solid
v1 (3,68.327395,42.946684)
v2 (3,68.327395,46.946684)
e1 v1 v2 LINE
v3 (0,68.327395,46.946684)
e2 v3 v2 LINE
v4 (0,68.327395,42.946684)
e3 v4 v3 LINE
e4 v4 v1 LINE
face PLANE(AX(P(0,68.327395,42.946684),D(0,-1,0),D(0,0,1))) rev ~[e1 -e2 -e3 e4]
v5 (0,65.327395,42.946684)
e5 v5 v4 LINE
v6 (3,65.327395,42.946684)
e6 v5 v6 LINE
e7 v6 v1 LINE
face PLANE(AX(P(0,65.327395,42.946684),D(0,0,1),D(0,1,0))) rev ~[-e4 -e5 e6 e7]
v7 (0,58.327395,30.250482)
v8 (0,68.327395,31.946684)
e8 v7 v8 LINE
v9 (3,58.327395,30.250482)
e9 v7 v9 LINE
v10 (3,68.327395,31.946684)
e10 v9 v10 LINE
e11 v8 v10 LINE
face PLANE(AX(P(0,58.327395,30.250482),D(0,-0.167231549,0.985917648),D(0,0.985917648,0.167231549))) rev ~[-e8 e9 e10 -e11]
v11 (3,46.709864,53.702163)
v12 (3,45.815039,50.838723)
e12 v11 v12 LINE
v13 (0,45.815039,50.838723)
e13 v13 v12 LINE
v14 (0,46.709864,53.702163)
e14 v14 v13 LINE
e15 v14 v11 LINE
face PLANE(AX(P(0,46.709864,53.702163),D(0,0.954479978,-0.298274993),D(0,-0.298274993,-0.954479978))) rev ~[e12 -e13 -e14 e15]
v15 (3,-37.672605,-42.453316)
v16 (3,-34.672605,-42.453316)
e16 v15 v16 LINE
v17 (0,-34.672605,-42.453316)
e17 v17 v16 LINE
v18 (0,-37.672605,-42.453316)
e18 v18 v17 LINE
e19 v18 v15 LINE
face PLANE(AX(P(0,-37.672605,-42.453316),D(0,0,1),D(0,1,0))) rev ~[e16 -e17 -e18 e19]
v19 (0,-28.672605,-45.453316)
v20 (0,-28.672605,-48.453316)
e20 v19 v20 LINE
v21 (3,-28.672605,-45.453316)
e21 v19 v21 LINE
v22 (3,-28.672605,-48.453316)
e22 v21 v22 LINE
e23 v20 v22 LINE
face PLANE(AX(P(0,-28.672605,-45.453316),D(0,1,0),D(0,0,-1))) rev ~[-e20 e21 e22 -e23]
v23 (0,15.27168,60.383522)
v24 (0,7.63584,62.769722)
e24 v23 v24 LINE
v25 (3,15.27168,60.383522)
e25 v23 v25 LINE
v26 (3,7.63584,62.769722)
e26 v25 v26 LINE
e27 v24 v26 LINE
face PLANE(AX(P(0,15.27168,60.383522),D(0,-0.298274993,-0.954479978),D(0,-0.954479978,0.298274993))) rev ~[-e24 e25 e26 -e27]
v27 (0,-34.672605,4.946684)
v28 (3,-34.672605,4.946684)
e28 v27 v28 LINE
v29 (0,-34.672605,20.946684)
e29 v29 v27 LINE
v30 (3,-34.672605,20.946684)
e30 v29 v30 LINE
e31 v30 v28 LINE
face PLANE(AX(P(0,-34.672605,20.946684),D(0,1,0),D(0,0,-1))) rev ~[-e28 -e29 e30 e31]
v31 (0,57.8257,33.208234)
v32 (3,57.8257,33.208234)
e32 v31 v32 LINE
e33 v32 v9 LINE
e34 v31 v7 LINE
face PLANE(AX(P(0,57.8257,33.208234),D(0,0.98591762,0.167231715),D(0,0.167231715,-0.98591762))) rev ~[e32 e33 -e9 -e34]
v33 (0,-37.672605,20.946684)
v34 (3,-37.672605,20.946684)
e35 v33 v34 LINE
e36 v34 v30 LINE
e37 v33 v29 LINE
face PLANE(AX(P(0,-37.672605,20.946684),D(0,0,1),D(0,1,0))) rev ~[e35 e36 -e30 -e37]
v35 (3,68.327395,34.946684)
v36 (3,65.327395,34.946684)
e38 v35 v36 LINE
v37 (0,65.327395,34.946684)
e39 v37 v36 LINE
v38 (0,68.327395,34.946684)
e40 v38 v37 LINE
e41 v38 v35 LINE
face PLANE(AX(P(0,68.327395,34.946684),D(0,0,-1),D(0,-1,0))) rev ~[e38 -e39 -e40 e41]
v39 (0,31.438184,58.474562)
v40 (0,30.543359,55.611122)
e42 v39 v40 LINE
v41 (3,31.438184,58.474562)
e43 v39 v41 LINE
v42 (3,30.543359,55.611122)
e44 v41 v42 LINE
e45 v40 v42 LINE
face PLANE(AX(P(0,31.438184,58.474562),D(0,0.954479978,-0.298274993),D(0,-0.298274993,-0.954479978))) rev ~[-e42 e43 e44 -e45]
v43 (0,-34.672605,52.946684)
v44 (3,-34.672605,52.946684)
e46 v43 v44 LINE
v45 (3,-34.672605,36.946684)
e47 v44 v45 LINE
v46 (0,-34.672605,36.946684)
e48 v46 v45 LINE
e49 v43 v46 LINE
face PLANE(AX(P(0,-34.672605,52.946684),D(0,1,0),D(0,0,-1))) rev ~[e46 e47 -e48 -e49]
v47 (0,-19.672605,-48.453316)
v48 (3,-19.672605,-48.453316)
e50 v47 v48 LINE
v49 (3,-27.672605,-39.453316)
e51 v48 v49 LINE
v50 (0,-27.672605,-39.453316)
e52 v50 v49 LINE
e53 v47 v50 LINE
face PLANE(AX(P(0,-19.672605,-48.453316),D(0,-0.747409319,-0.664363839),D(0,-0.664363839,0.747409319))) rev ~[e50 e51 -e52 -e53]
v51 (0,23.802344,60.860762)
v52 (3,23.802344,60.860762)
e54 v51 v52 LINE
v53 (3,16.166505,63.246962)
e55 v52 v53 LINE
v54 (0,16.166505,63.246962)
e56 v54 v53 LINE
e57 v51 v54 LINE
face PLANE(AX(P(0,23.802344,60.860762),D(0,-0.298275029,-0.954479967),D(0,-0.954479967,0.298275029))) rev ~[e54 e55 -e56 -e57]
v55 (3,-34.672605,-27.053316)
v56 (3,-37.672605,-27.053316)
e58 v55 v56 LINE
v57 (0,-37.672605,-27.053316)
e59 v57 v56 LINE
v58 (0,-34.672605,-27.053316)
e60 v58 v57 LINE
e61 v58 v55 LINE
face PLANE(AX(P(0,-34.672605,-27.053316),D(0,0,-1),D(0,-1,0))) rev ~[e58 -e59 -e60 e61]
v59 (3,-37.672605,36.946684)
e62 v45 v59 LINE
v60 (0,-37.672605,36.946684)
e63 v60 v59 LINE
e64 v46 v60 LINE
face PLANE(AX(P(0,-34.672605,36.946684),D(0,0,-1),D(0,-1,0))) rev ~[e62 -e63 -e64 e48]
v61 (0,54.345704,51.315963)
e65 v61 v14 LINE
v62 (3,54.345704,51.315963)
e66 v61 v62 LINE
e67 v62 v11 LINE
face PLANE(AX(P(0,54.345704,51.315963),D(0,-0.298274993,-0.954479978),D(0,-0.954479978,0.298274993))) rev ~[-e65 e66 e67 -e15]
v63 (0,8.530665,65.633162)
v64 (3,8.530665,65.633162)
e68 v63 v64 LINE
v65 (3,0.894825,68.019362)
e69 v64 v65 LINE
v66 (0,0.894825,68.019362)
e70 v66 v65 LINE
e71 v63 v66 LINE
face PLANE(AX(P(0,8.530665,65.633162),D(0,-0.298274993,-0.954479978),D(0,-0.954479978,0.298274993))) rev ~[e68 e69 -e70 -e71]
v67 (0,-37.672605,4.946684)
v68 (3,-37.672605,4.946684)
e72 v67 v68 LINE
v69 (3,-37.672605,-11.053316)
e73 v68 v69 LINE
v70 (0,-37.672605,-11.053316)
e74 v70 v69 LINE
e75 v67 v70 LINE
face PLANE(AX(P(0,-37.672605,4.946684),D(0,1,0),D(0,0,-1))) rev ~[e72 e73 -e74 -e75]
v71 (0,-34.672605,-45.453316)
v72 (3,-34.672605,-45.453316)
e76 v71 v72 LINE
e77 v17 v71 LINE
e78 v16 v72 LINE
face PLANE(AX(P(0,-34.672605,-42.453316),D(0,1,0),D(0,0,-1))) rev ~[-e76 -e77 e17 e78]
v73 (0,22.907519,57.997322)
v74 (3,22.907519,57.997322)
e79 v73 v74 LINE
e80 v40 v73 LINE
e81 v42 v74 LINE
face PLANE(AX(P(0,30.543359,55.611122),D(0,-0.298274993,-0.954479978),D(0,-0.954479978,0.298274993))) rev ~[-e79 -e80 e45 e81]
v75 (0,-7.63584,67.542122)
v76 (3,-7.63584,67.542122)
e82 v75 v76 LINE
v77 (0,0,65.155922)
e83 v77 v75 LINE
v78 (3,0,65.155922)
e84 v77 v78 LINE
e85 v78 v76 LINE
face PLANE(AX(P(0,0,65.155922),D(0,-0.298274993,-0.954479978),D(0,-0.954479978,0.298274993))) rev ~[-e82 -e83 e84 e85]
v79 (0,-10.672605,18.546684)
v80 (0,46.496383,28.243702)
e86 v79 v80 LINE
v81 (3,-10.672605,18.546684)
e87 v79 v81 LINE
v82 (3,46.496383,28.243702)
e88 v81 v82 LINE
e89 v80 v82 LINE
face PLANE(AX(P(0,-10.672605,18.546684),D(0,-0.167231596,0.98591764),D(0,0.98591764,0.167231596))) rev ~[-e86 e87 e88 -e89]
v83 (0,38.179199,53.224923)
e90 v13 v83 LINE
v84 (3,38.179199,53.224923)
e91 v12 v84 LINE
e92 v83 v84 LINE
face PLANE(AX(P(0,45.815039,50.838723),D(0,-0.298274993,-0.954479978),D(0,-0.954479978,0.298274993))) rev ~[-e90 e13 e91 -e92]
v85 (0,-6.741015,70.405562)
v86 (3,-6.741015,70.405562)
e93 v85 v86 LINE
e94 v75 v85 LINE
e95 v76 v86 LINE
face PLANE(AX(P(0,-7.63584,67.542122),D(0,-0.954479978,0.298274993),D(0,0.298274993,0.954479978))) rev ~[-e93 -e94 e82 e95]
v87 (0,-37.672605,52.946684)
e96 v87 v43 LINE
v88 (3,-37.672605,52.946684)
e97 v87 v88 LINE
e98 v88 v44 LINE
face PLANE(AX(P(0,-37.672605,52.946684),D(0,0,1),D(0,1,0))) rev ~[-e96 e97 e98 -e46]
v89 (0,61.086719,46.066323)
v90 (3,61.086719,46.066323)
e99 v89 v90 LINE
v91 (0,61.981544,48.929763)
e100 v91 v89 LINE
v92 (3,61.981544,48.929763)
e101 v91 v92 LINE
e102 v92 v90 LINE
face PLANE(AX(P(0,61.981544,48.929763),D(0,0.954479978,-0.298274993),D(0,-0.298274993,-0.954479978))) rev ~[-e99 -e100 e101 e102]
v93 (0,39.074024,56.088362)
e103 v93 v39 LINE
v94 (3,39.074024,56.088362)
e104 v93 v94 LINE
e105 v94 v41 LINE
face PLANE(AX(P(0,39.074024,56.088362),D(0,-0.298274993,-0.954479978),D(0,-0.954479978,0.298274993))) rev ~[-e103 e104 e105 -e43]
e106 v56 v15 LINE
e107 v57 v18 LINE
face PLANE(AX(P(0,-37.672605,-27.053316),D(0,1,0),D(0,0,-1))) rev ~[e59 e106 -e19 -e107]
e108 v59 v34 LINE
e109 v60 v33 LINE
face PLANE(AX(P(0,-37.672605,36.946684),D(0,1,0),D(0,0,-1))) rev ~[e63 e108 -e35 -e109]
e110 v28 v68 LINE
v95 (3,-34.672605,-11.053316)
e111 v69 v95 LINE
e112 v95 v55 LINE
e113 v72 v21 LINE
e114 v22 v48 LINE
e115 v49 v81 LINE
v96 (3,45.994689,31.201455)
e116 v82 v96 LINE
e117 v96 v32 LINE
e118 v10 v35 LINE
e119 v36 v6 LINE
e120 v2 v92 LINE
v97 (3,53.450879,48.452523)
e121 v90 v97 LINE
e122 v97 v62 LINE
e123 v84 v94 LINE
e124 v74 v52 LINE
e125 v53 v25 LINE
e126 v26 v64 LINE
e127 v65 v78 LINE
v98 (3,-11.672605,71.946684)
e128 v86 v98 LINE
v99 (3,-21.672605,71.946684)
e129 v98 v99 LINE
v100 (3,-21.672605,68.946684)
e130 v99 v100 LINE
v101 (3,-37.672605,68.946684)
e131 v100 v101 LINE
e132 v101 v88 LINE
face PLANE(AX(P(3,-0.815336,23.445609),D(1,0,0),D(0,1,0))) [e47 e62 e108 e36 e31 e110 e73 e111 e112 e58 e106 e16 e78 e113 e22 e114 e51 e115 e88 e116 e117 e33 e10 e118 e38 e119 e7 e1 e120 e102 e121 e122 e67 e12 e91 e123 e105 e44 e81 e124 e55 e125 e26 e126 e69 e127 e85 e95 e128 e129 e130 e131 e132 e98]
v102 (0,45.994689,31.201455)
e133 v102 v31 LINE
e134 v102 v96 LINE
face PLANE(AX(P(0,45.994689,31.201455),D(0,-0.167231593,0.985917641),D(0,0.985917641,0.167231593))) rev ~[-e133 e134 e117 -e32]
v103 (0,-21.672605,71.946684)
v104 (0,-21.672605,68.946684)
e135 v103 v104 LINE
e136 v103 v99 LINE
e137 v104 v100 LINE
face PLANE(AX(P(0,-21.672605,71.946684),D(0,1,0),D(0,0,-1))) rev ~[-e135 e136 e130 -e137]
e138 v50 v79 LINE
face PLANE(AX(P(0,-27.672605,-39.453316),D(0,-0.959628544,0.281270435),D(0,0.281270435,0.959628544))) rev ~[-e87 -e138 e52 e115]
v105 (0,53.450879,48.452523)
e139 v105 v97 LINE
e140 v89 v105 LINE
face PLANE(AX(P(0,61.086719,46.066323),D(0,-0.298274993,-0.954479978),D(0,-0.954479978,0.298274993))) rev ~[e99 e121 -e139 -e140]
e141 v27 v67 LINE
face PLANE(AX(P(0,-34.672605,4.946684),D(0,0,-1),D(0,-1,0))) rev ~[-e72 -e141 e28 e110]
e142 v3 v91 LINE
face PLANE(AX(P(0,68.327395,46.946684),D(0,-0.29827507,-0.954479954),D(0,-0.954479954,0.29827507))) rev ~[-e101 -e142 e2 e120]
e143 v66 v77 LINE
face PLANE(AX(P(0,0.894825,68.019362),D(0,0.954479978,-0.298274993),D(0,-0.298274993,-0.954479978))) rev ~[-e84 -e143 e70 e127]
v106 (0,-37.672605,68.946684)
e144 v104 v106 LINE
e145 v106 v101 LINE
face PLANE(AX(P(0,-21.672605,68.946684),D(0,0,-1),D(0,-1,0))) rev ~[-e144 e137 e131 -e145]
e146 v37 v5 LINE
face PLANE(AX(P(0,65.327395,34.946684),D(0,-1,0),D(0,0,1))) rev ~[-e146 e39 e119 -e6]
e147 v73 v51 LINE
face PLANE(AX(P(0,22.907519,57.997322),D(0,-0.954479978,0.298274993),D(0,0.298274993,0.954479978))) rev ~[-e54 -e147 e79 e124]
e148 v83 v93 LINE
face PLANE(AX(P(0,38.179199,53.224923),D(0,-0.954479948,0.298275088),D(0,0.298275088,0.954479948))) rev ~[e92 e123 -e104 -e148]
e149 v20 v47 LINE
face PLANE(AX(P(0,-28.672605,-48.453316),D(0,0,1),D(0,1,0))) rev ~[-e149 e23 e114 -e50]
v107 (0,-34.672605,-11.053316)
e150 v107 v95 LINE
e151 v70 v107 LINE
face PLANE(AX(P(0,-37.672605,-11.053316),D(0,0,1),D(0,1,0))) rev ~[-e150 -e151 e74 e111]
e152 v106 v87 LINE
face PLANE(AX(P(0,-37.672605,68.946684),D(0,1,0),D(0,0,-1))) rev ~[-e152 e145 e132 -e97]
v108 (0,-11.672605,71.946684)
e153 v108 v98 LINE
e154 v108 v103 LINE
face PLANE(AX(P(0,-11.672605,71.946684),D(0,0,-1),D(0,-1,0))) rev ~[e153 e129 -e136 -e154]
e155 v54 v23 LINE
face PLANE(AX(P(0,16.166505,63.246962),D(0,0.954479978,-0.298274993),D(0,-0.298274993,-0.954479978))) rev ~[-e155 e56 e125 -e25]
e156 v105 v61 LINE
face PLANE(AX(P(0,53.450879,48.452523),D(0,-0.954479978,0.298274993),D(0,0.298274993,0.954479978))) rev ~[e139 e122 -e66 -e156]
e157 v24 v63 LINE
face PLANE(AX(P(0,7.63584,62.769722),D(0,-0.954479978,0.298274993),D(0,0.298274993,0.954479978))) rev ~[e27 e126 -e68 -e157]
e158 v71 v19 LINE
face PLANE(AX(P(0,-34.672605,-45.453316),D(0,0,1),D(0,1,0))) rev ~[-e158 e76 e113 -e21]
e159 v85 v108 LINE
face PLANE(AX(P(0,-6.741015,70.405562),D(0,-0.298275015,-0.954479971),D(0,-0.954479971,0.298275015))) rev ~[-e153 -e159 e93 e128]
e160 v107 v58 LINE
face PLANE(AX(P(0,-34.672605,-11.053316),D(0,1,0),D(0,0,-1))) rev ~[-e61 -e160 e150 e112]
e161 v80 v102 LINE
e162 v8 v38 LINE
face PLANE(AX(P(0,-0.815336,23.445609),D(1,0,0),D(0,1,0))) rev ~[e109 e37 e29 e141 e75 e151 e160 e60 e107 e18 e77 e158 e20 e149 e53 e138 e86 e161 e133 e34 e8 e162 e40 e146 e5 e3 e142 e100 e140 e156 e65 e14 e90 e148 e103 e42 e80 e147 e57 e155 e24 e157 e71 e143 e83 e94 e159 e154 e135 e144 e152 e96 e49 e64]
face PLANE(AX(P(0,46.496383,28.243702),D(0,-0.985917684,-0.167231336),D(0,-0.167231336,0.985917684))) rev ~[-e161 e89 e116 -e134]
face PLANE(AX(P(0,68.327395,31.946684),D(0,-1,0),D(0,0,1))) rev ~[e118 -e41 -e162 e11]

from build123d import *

# Parameters (mm, degrees)
F1_DEPTH = 3


with BuildPart() as f1:
    # F0 (on Right) → F1 (new body)
    with BuildSketch(Plane.YZ):
        Polygon((-28.672605, -45.453316), (-28.672605, -48.453316), (-19.672605, -48.453316), (-27.672605, -39.453316), (-10.672605, 18.546684), (46.496383, 28.243702), (45.994689, 31.201455), (57.8257, 33.208234), (58.327395, 30.250482), (68.327395, 31.946684), (68.327395, 34.946684), (65.327395, 34.946684), (65.327395, 42.946684), (68.327395, 42.946684), (68.327395, 46.946684), (61.981544, 48.929763), (61.086719, 46.066323), (53.450879, 48.452523), (54.345704, 51.315963), (46.709864, 53.702163), (45.815039, 50.838723), (38.179199, 53.224923), (39.074024, 56.088362), (31.438184, 58.474562), (30.543359, 55.611122), (22.907519, 57.997322), (23.802344, 60.860762), (16.166505, 63.246962), (15.27168, 60.383522), (7.63584, 62.769722), (8.530665, 65.633162), (0.894825, 68.019362), (0, 65.155922), (-7.63584, 67.542122), (-6.741015, 70.405562), (-11.672605, 71.946684), (-21.672605, 71.946684), (-21.672605, 68.946684), (-37.672605, 68.946684), (-37.672605, 52.946684), (-34.672605, 52.946684), (-34.672605, 36.946684), (-37.672605, 36.946684), (-37.672605, 20.946684), (-34.672605, 20.946684), (-34.672605, 4.946684), (-37.672605, 4.946684), (-37.672605, -11.053316), (-34.672605, -11.053316), (-34.672605, -27.053316), (-37.672605, -27.053316), (-37.672605, -42.453316), (-34.672605, -42.453316), (-34.672605, -45.453316), align=None)
    extrude(amount=F1_DEPTH)


solid = f1.part
